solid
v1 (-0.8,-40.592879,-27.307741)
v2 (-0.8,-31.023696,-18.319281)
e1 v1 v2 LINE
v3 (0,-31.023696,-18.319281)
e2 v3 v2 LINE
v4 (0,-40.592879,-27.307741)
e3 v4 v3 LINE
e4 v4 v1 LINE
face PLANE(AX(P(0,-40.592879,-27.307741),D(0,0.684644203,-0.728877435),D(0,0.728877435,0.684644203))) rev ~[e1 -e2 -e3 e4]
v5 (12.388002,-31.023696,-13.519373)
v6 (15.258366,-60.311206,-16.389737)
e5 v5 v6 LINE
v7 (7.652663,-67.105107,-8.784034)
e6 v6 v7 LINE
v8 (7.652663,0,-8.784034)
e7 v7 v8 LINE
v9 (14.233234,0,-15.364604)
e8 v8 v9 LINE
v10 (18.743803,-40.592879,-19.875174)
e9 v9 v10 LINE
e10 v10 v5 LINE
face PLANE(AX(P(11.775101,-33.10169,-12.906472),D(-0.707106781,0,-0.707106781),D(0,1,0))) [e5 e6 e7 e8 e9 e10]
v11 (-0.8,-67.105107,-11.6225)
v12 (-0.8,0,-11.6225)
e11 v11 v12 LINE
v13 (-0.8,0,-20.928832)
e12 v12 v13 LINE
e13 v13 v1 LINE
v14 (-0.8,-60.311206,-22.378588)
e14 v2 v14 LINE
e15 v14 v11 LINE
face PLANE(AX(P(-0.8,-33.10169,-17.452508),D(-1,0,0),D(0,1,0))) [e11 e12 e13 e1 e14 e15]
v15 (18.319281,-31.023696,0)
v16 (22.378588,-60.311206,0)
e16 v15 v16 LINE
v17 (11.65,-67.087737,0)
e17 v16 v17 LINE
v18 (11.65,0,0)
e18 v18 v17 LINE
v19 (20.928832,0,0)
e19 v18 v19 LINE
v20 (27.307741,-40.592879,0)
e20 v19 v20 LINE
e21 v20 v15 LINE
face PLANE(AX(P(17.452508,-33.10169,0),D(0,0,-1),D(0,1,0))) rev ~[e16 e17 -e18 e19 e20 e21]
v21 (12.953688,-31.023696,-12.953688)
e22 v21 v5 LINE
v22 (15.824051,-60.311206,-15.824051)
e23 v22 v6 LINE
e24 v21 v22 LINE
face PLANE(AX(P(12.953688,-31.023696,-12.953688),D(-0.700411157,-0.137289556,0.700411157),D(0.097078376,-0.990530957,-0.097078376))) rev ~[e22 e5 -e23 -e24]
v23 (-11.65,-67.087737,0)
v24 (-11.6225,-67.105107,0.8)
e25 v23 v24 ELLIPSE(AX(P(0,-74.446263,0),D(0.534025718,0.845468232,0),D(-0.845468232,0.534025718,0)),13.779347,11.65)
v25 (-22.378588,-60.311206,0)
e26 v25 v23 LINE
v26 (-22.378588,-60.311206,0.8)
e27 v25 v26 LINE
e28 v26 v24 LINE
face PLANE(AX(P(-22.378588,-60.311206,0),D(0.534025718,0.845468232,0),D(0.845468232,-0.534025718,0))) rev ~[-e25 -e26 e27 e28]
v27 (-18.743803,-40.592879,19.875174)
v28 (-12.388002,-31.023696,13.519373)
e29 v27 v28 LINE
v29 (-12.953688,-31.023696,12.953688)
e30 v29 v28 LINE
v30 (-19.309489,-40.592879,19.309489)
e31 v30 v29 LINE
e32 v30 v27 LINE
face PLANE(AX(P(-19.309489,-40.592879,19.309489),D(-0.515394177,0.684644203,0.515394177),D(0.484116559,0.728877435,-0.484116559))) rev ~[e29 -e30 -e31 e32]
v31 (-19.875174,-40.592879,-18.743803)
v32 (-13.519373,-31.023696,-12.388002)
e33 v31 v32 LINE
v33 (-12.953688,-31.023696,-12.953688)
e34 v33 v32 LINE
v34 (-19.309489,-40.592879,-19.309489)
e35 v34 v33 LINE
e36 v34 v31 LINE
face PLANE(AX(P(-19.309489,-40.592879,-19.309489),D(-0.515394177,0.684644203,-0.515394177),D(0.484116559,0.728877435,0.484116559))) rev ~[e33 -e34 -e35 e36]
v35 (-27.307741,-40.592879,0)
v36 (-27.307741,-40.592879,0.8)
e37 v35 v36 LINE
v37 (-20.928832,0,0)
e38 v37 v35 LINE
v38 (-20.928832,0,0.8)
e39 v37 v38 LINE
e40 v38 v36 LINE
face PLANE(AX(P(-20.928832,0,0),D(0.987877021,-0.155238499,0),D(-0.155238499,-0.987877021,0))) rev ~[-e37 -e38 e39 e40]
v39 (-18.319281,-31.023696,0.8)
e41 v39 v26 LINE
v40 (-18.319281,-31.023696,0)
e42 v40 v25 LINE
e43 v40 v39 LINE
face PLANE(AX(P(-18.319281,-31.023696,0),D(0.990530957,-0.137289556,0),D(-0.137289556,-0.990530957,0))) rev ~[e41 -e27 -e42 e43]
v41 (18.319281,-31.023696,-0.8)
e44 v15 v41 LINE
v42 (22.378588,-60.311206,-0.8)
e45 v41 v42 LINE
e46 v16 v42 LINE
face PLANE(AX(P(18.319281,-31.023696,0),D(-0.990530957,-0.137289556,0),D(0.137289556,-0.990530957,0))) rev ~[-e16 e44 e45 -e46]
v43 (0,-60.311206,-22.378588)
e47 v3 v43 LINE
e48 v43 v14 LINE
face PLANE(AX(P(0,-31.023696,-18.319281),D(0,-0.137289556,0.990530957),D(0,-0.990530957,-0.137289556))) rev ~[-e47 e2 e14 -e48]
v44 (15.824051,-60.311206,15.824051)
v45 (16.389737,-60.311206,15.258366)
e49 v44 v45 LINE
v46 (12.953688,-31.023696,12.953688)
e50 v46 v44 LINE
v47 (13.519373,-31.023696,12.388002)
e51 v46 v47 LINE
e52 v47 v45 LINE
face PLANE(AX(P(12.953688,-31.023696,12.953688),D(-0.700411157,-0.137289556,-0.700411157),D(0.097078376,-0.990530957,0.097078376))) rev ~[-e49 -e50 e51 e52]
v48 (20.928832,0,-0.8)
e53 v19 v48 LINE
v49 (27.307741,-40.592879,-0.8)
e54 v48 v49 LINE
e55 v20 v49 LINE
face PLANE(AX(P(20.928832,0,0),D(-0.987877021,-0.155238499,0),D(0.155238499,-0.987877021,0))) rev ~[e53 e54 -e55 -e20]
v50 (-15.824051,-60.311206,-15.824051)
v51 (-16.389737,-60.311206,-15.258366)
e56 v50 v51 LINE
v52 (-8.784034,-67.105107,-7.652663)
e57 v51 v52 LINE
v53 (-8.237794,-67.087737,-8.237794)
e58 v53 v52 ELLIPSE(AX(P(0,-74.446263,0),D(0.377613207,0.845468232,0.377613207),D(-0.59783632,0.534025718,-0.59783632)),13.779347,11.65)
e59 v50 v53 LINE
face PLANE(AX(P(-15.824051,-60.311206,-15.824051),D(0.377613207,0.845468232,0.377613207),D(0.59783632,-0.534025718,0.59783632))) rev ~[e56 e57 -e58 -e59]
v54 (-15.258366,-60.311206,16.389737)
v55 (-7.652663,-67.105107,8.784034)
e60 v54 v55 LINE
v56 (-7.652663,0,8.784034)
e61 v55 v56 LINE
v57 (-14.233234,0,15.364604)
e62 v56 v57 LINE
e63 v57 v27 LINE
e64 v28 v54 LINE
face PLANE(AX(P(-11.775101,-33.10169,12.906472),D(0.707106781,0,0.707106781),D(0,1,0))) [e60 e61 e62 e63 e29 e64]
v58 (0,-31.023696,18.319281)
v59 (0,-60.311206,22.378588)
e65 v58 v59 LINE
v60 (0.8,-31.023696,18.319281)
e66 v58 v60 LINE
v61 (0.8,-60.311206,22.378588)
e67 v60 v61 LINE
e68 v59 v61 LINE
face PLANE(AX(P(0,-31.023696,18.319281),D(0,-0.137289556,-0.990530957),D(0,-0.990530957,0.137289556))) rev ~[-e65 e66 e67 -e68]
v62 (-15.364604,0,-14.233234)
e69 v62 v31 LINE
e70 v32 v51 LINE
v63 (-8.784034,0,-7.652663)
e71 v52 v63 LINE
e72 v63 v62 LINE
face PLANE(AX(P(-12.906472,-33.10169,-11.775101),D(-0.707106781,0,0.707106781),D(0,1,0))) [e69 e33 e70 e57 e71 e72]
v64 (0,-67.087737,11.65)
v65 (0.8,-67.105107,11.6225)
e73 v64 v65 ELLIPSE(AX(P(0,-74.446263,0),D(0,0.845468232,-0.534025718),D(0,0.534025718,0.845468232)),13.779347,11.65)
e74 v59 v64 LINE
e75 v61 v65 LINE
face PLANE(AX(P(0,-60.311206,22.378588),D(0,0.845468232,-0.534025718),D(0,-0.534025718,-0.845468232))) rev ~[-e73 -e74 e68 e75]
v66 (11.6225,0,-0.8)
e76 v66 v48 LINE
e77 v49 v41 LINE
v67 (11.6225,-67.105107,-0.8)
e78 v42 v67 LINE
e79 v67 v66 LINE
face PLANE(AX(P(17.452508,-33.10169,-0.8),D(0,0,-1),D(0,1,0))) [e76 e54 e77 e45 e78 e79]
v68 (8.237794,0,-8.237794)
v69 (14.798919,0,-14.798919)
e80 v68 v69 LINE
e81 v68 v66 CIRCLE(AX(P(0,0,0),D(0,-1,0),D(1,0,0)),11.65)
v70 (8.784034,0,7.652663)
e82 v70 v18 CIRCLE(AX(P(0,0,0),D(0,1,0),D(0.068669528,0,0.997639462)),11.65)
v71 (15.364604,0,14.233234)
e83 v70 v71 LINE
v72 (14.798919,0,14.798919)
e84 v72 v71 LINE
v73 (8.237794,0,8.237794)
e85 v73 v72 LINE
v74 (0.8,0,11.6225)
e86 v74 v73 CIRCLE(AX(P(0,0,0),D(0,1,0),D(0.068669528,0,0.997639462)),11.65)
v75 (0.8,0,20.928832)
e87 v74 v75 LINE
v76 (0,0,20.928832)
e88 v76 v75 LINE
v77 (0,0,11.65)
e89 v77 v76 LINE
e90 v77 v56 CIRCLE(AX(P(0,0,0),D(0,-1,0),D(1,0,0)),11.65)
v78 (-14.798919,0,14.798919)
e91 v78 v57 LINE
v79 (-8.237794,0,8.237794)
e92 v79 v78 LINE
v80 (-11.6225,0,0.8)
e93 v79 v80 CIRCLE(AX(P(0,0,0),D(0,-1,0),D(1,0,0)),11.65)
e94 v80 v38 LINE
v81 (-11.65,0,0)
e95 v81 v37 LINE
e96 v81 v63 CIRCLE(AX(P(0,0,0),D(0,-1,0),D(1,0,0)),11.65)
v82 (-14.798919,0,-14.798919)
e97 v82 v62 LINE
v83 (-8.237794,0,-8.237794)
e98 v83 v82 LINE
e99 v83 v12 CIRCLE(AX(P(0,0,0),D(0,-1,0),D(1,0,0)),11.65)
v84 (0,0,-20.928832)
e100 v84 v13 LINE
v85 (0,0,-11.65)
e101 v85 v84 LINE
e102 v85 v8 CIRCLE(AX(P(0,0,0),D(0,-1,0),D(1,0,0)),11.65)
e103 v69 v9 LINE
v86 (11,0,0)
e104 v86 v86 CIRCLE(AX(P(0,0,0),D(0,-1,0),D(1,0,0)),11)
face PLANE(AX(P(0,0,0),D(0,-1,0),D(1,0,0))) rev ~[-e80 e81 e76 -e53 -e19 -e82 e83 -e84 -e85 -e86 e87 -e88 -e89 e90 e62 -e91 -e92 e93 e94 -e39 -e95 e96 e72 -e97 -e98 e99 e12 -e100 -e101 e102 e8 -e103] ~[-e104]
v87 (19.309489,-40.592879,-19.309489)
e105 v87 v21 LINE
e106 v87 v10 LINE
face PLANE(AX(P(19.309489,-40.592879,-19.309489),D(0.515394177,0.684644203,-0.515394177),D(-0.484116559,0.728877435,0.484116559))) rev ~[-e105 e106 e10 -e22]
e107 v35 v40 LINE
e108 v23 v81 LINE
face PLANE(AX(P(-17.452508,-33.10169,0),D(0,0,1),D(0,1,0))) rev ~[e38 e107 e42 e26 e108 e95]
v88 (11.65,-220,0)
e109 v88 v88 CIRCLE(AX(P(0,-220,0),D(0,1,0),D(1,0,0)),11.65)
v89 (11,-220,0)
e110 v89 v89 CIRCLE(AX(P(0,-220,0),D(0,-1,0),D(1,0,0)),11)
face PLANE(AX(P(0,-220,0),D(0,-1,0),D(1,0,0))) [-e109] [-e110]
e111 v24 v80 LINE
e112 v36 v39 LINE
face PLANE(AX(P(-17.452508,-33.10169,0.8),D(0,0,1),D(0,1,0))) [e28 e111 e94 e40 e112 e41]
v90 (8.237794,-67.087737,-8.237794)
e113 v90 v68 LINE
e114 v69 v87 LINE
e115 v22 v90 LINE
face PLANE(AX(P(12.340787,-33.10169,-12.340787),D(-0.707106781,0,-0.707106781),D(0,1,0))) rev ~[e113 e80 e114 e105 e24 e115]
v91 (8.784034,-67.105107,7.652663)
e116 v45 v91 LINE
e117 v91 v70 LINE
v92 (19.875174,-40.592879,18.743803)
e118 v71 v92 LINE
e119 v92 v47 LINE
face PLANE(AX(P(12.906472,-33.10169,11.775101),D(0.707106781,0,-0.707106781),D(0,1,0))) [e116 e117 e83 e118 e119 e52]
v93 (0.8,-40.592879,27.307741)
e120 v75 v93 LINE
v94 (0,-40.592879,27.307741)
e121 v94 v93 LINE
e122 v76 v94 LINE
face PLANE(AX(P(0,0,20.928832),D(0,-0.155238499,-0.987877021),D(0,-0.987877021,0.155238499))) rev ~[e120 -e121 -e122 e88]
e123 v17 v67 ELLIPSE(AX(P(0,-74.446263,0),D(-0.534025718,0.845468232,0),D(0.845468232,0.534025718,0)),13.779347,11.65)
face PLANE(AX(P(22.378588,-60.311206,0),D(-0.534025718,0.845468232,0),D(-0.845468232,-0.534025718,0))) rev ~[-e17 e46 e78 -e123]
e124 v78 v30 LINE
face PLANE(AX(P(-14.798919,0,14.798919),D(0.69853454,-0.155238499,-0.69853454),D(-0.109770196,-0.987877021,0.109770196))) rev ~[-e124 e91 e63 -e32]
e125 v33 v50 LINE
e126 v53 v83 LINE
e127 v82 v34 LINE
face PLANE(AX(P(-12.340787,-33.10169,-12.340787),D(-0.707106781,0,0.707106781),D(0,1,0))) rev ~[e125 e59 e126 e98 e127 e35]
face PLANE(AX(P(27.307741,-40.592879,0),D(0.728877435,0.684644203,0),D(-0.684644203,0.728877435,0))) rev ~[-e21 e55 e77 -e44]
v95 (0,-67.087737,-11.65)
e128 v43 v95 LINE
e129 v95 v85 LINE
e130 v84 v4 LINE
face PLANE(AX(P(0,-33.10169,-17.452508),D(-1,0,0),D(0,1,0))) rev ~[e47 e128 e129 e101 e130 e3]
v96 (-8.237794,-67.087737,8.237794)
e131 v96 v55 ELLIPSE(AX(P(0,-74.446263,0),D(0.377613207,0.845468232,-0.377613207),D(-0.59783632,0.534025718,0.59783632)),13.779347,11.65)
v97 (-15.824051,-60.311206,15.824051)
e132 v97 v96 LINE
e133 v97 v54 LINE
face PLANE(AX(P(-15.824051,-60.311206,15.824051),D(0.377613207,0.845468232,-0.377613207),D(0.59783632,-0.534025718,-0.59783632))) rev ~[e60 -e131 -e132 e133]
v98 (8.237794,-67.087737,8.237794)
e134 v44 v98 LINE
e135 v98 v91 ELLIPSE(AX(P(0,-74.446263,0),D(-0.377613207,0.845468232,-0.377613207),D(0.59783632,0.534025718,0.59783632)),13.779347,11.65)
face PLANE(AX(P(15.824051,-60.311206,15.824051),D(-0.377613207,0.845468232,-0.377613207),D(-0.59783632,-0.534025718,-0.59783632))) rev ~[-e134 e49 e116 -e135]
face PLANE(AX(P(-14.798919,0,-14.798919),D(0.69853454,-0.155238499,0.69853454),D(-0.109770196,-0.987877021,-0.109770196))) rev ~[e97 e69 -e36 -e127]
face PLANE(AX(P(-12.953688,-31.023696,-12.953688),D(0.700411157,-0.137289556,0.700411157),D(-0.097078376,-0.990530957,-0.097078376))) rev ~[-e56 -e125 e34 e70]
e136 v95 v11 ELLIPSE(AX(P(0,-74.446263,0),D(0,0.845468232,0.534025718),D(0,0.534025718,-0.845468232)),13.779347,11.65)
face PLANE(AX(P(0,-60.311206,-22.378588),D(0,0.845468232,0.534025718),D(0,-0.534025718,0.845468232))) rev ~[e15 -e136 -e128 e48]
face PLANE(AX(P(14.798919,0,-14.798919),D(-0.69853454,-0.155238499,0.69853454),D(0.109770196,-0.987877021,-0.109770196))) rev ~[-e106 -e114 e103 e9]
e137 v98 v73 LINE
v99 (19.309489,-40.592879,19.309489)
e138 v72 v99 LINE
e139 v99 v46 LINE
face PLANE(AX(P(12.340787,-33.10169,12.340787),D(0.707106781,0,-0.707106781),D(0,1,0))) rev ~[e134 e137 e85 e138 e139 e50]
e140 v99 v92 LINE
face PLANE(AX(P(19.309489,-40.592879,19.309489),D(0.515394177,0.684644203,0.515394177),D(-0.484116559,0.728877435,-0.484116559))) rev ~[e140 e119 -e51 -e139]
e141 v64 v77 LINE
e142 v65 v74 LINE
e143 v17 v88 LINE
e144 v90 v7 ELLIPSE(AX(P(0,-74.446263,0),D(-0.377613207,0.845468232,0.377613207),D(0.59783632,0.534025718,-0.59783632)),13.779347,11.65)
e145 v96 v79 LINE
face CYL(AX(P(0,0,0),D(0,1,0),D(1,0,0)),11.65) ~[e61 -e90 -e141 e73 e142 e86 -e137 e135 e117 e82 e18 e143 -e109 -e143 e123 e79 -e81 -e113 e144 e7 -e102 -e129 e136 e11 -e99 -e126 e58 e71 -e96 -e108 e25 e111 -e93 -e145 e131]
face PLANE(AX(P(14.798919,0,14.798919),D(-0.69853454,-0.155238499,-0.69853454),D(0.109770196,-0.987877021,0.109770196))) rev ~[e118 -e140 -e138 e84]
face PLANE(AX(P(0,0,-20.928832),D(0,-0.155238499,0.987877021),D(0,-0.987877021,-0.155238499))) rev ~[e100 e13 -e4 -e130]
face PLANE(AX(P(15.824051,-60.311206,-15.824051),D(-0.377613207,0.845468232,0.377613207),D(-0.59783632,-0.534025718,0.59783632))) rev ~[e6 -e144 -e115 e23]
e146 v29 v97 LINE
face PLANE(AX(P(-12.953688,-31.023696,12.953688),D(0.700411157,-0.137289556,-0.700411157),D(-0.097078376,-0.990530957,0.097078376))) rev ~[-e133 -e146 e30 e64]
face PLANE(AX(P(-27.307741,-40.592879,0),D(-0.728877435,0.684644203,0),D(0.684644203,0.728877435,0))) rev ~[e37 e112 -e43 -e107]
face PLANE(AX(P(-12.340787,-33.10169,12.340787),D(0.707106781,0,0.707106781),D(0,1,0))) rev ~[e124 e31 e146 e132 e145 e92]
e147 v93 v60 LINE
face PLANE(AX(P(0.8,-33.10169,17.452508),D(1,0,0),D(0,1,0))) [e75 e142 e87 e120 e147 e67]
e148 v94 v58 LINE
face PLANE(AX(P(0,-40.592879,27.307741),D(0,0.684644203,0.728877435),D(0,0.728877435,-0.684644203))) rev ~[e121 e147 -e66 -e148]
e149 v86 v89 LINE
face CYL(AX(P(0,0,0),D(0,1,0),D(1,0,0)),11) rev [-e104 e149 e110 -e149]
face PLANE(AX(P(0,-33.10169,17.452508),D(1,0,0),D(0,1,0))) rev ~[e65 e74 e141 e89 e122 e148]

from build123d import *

# Parameters (mm, degrees)
F0_R     = 11.65
F0_R_2   = 11
F1_DEPTH = 220
F3_DEPTH = 0.8
F4_COUNT = 8


with BuildPart() as f1:
    # F0 (on Front) → F1 (new body)
    with BuildSketch(Plane.XZ):
        Circle(F0_R)
        Circle(F0_R_2, mode=Mode.SUBTRACT)
    extrude(amount=F1_DEPTH)

    # F2 (on Right) → F3 (join)
    with BuildSketch(Plane.YZ):
        Polygon((-67.270614, 11.36047), (0, 11.36047), (0, 20.928832), (-40.592879, 27.307741), (-31.023696, 18.319281), (-60.311206, 22.378588), align=None)
    extrude(amount=F3_DEPTH)

    # F4: F1 ×8 about axis
    f4_axis = Axis((0, 0, 0), (0, -1, 0))


with BuildPart() as f1_1:
    add(f1.part)
    for i in range(1, F4_COUNT):
        add(f1.part.rotate(f4_axis, i * 360 / F4_COUNT))


solid = f1_1.part
